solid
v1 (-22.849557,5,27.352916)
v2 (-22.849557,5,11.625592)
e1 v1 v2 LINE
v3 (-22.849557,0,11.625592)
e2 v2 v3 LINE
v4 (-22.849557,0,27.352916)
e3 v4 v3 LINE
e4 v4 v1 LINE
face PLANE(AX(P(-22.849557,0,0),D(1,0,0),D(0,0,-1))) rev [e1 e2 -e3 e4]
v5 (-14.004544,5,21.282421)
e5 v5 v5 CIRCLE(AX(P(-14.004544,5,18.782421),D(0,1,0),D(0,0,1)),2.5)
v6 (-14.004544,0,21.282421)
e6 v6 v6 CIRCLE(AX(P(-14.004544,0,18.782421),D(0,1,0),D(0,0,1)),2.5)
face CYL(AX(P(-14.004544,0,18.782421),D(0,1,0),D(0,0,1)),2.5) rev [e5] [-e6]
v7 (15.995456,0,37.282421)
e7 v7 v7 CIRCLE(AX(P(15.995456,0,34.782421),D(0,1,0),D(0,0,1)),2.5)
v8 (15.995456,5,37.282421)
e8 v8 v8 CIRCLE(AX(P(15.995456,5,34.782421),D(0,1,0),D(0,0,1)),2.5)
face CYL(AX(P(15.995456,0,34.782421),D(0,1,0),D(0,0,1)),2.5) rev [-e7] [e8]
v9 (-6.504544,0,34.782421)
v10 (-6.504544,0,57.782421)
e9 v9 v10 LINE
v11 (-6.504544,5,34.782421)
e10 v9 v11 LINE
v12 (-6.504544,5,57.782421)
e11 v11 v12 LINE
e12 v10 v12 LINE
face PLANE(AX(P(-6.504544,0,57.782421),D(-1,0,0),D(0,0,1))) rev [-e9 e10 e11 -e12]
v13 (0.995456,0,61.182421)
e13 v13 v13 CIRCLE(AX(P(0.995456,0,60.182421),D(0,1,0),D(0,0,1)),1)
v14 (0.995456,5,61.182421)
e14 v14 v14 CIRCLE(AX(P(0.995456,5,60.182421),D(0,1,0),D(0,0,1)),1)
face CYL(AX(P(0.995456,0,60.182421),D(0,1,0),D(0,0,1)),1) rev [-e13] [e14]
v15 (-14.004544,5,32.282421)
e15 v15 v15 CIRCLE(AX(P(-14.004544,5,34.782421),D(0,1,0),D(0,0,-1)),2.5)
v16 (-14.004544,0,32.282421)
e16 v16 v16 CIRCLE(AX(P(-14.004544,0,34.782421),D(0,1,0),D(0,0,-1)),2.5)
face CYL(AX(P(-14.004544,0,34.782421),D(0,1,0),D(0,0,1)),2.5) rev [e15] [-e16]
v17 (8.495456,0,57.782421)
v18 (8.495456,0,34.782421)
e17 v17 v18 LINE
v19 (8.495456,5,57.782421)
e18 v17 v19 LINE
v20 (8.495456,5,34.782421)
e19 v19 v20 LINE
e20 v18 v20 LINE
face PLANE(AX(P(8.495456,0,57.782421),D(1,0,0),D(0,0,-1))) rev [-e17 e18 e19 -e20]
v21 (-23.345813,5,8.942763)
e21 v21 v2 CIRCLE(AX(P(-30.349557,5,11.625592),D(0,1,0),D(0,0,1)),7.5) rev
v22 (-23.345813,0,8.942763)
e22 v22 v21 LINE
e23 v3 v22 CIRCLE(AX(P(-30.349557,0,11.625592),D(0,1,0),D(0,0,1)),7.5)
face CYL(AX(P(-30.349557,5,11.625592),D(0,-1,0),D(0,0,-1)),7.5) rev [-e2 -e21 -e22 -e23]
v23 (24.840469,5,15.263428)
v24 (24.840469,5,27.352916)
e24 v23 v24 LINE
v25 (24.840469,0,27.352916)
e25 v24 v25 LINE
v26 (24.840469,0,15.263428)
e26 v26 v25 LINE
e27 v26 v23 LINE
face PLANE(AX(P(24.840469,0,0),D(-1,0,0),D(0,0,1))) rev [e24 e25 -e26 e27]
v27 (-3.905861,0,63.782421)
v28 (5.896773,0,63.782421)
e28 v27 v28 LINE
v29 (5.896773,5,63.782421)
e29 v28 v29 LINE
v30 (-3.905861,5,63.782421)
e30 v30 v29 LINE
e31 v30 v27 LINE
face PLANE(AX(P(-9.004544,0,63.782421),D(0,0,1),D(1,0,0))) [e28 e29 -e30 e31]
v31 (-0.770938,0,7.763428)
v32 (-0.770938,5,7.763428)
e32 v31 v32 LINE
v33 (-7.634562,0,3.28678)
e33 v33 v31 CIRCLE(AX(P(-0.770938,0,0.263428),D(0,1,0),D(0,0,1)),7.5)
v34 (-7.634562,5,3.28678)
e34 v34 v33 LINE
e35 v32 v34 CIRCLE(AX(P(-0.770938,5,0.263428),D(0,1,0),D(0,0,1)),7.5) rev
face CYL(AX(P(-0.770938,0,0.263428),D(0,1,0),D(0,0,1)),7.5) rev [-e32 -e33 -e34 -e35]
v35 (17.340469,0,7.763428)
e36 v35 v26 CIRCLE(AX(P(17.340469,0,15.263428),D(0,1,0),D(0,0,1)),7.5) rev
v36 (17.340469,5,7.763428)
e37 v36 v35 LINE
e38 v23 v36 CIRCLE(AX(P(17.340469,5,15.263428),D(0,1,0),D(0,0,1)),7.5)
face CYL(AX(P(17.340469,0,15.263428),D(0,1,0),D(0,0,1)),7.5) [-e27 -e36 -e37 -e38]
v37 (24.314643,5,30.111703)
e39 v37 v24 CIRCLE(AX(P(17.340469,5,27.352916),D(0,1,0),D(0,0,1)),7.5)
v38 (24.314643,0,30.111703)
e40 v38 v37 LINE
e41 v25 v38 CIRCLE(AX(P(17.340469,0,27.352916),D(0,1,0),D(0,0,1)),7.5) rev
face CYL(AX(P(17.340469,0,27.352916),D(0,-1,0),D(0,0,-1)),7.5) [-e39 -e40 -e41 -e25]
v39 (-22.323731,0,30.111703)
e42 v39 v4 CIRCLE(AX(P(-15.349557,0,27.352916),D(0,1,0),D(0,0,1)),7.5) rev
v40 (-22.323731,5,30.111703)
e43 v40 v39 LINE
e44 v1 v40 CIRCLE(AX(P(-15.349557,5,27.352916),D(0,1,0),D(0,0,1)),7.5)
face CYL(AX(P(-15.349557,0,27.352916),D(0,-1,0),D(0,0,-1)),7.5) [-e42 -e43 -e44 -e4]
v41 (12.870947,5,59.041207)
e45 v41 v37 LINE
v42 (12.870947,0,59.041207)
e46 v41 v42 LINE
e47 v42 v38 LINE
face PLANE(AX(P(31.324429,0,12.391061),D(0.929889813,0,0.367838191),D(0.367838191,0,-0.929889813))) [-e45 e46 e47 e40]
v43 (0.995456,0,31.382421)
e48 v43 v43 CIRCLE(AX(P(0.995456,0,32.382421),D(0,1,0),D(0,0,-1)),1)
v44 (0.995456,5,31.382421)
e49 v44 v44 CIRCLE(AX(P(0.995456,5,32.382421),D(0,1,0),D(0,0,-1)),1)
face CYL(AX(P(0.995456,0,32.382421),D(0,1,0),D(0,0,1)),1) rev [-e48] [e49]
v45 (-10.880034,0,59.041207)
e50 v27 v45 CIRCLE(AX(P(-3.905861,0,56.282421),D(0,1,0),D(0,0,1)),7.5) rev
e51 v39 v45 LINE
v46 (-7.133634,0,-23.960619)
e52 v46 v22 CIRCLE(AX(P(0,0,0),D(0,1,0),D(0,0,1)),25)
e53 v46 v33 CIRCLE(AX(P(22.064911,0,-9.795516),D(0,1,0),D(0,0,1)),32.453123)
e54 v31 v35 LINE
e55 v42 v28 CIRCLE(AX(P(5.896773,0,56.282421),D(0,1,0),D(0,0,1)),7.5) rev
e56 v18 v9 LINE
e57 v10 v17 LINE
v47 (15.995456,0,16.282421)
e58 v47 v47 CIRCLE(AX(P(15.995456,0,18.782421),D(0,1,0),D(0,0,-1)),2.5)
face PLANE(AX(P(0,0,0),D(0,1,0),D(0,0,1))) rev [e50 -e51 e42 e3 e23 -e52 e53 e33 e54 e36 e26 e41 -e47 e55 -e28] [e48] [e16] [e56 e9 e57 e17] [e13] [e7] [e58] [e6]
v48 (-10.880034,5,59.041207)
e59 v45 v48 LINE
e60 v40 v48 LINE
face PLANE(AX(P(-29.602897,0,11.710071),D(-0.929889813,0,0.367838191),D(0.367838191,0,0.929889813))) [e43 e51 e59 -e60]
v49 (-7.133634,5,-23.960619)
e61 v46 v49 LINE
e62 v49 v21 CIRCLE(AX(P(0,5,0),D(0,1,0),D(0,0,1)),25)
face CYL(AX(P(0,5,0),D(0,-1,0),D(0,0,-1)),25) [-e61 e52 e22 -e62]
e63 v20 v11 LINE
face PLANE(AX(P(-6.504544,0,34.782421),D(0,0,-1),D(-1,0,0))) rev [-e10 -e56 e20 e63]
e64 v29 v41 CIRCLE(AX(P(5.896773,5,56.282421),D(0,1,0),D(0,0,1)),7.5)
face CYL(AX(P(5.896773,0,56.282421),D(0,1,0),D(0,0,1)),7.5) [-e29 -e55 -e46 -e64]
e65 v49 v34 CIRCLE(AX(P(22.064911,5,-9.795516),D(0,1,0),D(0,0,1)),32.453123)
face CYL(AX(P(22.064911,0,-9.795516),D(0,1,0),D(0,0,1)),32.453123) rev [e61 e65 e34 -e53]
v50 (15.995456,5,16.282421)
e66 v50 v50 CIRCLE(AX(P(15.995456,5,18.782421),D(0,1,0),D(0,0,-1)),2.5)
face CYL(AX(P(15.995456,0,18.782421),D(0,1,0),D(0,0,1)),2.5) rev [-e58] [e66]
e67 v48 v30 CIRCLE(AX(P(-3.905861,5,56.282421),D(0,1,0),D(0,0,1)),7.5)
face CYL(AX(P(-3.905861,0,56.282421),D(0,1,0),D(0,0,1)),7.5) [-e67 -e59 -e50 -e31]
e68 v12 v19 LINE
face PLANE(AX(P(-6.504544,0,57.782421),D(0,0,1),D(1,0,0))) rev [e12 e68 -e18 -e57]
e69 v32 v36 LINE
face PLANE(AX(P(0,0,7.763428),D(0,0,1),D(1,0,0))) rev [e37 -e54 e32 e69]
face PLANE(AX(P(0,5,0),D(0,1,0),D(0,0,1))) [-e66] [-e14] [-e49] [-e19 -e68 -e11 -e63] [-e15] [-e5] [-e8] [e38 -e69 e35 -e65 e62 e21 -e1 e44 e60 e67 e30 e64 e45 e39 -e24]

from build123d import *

# Parameters (mm, degrees)
SKETCH1_R           = 25
BOSS_EXTRUDE1_DEPTH = 5
CUT_EXTRUDE1_START  = -5
CUT_EXTRUDE1_DEPTH  = 5
BOSS_EXTRUDE2_START = -5
BOSS_EXTRUDE2_DEPTH = 5
SKETCH7_W           = 20
SKETCH7_H           = 35
SKETCH7_R           = 1
SKETCH7_W_2         = 15
SKETCH7_H_2         = 23
BOSS_EXTRUDE3_DEPTH = 5
BOSS_EXTRUDE4_DEPTH = 5
SKETCH10_R          = 2.5
CUT_EXTRUDE3_DEPTH  = 5
FILLET3_R           = 7.5


with BuildPart() as part:
    # Sketch1 → Boss-Extrude1 (new body)
    with BuildSketch(Plane(origin=(0, 0, 0), x_dir=(1, 0, 0), z_dir=(0, 1, 0))):
        Circle(SKETCH1_R)
    extrude(amount=BOSS_EXTRUDE1_DEPTH)

    # Sketch2 → Cut-Extrude1 (cut)
    with BuildSketch(Plane(origin=(0, 5, 0), x_dir=(1, 0, 0), z_dir=(0, 1, 0)).offset(CUT_EXTRUDE1_START)):
        with BuildLine():
            ThreePointArc((12.986967165, -21.362085195), (21.790756975, -12.2540977), (25, 0))
            ThreePointArc((25, 0), (14.944215283, 20.041717231), (-7.133634365, 23.960618956))
            ThreePointArc((-7.133634365, 23.960618956), (-7.596668184, -3.37247162), (12.986967165, -21.362085195))
        make_face()
    extrude(amount=CUT_EXTRUDE1_DEPTH, mode=Mode.SUBTRACT)

    # Sketch4 → Boss-Extrude2 (add)
    with BuildSketch(Plane(origin=(0, 5, 0), x_dir=(1, 0, 0), z_dir=(0, 1, 0)).offset(BOSS_EXTRUDE2_START)):
        with BuildLine():
            Line((24.840469341, -7.763428106), (-5.227737426, -7.763428106))
            ThreePointArc((-5.227737426, -7.763428106), (2.650074831, -16.20966255), (12.986967165, -21.362085195))
            ThreePointArc((12.986967165, -21.362085195), (-7.468591232, -23.858334917), (-22.849556978, -10.143852617))
            Line((-22.849556978, -10.143852617), (-22.849556978, -28.782420825))
            Line((-22.849556978, -28.782420825), (24.840469341, -28.782420825))
            Line((24.840469341, -28.782420825), (24.840469341, -7.763428106))
        make_face()
    extrude(amount=BOSS_EXTRUDE2_DEPTH)

    # Sketch7 → Boss-Extrude3 (add)
    with BuildSketch(Plane(origin=(0, 5, 0), x_dir=(1, 0, 0), z_dir=(0, 1, 0))):
        with Locations((0.995456182, -46.282420825)):
            Rectangle(SKETCH7_W, SKETCH7_H)
        with Locations((0.995456182, -60.182420825)):
            Circle(SKETCH7_R, mode=Mode.SUBTRACT)
        with Locations((0.995456182, -32.382420825)):
            Circle(SKETCH7_R, mode=Mode.SUBTRACT)
        with Locations((0.995456182, -46.282420825)):
            Rectangle(SKETCH7_W_2, SKETCH7_H_2, mode=Mode.SUBTRACT)
    extrude(amount=-BOSS_EXTRUDE3_DEPTH)

    # Sketch9 → Boss-Extrude4 (add)
    with BuildSketch(Plane(origin=(0, 5, 0), x_dir=(1, 0, 0), z_dir=(0, 1, 0))):
        Polygon((-9.004543818, -28.782420825), (-22.849556978, -28.782420825), (-9.004543818, -63.782420825), align=None)
        Polygon((10.995456182, -28.782420825), (10.995456182, -63.782420825), (24.840469341, -28.782420825), align=None)
    extrude(amount=-BOSS_EXTRUDE4_DEPTH)

    # Sketch10 → Cut-Extrude3 (cut)
    with BuildSketch(Plane(origin=(0, 5, 0), x_dir=(1, 0, 0), z_dir=(0, 1, 0))):
        with Locations((15.995456182, -34.782420825)):
            Circle(SKETCH10_R)
        with Locations((-14.004543818, -34.782420825)):
            Circle(SKETCH10_R)
        with Locations((15.995456182, -18.782420825)):
            Circle(SKETCH10_R)
        with Locations((-14.004543818, -18.782420825)):
            Circle(SKETCH10_R)
    extrude(amount=-CUT_EXTRUDE3_DEPTH, mode=Mode.SUBTRACT)

    # Fillet3
    fillet3_edges = [part.edges().sort_by_distance(p)[0] for p in [
        (-22.849556978, 2.5, 10.143852617),
        (-22.849556978, 2.5, 28.782420825),
        (10.995456182, 2.5, 63.782420825),
        (-9.004543818, 2.5, 63.782420825),
        (24.840469341, 2.5, 28.782420825),
        (24.840469341, 2.5, 7.763428106),
        (-5.227737426, 2.5, 7.763428106),
    ]]
    fillet(fillet3_edges, radius=FILLET3_R)


solid = part.part
